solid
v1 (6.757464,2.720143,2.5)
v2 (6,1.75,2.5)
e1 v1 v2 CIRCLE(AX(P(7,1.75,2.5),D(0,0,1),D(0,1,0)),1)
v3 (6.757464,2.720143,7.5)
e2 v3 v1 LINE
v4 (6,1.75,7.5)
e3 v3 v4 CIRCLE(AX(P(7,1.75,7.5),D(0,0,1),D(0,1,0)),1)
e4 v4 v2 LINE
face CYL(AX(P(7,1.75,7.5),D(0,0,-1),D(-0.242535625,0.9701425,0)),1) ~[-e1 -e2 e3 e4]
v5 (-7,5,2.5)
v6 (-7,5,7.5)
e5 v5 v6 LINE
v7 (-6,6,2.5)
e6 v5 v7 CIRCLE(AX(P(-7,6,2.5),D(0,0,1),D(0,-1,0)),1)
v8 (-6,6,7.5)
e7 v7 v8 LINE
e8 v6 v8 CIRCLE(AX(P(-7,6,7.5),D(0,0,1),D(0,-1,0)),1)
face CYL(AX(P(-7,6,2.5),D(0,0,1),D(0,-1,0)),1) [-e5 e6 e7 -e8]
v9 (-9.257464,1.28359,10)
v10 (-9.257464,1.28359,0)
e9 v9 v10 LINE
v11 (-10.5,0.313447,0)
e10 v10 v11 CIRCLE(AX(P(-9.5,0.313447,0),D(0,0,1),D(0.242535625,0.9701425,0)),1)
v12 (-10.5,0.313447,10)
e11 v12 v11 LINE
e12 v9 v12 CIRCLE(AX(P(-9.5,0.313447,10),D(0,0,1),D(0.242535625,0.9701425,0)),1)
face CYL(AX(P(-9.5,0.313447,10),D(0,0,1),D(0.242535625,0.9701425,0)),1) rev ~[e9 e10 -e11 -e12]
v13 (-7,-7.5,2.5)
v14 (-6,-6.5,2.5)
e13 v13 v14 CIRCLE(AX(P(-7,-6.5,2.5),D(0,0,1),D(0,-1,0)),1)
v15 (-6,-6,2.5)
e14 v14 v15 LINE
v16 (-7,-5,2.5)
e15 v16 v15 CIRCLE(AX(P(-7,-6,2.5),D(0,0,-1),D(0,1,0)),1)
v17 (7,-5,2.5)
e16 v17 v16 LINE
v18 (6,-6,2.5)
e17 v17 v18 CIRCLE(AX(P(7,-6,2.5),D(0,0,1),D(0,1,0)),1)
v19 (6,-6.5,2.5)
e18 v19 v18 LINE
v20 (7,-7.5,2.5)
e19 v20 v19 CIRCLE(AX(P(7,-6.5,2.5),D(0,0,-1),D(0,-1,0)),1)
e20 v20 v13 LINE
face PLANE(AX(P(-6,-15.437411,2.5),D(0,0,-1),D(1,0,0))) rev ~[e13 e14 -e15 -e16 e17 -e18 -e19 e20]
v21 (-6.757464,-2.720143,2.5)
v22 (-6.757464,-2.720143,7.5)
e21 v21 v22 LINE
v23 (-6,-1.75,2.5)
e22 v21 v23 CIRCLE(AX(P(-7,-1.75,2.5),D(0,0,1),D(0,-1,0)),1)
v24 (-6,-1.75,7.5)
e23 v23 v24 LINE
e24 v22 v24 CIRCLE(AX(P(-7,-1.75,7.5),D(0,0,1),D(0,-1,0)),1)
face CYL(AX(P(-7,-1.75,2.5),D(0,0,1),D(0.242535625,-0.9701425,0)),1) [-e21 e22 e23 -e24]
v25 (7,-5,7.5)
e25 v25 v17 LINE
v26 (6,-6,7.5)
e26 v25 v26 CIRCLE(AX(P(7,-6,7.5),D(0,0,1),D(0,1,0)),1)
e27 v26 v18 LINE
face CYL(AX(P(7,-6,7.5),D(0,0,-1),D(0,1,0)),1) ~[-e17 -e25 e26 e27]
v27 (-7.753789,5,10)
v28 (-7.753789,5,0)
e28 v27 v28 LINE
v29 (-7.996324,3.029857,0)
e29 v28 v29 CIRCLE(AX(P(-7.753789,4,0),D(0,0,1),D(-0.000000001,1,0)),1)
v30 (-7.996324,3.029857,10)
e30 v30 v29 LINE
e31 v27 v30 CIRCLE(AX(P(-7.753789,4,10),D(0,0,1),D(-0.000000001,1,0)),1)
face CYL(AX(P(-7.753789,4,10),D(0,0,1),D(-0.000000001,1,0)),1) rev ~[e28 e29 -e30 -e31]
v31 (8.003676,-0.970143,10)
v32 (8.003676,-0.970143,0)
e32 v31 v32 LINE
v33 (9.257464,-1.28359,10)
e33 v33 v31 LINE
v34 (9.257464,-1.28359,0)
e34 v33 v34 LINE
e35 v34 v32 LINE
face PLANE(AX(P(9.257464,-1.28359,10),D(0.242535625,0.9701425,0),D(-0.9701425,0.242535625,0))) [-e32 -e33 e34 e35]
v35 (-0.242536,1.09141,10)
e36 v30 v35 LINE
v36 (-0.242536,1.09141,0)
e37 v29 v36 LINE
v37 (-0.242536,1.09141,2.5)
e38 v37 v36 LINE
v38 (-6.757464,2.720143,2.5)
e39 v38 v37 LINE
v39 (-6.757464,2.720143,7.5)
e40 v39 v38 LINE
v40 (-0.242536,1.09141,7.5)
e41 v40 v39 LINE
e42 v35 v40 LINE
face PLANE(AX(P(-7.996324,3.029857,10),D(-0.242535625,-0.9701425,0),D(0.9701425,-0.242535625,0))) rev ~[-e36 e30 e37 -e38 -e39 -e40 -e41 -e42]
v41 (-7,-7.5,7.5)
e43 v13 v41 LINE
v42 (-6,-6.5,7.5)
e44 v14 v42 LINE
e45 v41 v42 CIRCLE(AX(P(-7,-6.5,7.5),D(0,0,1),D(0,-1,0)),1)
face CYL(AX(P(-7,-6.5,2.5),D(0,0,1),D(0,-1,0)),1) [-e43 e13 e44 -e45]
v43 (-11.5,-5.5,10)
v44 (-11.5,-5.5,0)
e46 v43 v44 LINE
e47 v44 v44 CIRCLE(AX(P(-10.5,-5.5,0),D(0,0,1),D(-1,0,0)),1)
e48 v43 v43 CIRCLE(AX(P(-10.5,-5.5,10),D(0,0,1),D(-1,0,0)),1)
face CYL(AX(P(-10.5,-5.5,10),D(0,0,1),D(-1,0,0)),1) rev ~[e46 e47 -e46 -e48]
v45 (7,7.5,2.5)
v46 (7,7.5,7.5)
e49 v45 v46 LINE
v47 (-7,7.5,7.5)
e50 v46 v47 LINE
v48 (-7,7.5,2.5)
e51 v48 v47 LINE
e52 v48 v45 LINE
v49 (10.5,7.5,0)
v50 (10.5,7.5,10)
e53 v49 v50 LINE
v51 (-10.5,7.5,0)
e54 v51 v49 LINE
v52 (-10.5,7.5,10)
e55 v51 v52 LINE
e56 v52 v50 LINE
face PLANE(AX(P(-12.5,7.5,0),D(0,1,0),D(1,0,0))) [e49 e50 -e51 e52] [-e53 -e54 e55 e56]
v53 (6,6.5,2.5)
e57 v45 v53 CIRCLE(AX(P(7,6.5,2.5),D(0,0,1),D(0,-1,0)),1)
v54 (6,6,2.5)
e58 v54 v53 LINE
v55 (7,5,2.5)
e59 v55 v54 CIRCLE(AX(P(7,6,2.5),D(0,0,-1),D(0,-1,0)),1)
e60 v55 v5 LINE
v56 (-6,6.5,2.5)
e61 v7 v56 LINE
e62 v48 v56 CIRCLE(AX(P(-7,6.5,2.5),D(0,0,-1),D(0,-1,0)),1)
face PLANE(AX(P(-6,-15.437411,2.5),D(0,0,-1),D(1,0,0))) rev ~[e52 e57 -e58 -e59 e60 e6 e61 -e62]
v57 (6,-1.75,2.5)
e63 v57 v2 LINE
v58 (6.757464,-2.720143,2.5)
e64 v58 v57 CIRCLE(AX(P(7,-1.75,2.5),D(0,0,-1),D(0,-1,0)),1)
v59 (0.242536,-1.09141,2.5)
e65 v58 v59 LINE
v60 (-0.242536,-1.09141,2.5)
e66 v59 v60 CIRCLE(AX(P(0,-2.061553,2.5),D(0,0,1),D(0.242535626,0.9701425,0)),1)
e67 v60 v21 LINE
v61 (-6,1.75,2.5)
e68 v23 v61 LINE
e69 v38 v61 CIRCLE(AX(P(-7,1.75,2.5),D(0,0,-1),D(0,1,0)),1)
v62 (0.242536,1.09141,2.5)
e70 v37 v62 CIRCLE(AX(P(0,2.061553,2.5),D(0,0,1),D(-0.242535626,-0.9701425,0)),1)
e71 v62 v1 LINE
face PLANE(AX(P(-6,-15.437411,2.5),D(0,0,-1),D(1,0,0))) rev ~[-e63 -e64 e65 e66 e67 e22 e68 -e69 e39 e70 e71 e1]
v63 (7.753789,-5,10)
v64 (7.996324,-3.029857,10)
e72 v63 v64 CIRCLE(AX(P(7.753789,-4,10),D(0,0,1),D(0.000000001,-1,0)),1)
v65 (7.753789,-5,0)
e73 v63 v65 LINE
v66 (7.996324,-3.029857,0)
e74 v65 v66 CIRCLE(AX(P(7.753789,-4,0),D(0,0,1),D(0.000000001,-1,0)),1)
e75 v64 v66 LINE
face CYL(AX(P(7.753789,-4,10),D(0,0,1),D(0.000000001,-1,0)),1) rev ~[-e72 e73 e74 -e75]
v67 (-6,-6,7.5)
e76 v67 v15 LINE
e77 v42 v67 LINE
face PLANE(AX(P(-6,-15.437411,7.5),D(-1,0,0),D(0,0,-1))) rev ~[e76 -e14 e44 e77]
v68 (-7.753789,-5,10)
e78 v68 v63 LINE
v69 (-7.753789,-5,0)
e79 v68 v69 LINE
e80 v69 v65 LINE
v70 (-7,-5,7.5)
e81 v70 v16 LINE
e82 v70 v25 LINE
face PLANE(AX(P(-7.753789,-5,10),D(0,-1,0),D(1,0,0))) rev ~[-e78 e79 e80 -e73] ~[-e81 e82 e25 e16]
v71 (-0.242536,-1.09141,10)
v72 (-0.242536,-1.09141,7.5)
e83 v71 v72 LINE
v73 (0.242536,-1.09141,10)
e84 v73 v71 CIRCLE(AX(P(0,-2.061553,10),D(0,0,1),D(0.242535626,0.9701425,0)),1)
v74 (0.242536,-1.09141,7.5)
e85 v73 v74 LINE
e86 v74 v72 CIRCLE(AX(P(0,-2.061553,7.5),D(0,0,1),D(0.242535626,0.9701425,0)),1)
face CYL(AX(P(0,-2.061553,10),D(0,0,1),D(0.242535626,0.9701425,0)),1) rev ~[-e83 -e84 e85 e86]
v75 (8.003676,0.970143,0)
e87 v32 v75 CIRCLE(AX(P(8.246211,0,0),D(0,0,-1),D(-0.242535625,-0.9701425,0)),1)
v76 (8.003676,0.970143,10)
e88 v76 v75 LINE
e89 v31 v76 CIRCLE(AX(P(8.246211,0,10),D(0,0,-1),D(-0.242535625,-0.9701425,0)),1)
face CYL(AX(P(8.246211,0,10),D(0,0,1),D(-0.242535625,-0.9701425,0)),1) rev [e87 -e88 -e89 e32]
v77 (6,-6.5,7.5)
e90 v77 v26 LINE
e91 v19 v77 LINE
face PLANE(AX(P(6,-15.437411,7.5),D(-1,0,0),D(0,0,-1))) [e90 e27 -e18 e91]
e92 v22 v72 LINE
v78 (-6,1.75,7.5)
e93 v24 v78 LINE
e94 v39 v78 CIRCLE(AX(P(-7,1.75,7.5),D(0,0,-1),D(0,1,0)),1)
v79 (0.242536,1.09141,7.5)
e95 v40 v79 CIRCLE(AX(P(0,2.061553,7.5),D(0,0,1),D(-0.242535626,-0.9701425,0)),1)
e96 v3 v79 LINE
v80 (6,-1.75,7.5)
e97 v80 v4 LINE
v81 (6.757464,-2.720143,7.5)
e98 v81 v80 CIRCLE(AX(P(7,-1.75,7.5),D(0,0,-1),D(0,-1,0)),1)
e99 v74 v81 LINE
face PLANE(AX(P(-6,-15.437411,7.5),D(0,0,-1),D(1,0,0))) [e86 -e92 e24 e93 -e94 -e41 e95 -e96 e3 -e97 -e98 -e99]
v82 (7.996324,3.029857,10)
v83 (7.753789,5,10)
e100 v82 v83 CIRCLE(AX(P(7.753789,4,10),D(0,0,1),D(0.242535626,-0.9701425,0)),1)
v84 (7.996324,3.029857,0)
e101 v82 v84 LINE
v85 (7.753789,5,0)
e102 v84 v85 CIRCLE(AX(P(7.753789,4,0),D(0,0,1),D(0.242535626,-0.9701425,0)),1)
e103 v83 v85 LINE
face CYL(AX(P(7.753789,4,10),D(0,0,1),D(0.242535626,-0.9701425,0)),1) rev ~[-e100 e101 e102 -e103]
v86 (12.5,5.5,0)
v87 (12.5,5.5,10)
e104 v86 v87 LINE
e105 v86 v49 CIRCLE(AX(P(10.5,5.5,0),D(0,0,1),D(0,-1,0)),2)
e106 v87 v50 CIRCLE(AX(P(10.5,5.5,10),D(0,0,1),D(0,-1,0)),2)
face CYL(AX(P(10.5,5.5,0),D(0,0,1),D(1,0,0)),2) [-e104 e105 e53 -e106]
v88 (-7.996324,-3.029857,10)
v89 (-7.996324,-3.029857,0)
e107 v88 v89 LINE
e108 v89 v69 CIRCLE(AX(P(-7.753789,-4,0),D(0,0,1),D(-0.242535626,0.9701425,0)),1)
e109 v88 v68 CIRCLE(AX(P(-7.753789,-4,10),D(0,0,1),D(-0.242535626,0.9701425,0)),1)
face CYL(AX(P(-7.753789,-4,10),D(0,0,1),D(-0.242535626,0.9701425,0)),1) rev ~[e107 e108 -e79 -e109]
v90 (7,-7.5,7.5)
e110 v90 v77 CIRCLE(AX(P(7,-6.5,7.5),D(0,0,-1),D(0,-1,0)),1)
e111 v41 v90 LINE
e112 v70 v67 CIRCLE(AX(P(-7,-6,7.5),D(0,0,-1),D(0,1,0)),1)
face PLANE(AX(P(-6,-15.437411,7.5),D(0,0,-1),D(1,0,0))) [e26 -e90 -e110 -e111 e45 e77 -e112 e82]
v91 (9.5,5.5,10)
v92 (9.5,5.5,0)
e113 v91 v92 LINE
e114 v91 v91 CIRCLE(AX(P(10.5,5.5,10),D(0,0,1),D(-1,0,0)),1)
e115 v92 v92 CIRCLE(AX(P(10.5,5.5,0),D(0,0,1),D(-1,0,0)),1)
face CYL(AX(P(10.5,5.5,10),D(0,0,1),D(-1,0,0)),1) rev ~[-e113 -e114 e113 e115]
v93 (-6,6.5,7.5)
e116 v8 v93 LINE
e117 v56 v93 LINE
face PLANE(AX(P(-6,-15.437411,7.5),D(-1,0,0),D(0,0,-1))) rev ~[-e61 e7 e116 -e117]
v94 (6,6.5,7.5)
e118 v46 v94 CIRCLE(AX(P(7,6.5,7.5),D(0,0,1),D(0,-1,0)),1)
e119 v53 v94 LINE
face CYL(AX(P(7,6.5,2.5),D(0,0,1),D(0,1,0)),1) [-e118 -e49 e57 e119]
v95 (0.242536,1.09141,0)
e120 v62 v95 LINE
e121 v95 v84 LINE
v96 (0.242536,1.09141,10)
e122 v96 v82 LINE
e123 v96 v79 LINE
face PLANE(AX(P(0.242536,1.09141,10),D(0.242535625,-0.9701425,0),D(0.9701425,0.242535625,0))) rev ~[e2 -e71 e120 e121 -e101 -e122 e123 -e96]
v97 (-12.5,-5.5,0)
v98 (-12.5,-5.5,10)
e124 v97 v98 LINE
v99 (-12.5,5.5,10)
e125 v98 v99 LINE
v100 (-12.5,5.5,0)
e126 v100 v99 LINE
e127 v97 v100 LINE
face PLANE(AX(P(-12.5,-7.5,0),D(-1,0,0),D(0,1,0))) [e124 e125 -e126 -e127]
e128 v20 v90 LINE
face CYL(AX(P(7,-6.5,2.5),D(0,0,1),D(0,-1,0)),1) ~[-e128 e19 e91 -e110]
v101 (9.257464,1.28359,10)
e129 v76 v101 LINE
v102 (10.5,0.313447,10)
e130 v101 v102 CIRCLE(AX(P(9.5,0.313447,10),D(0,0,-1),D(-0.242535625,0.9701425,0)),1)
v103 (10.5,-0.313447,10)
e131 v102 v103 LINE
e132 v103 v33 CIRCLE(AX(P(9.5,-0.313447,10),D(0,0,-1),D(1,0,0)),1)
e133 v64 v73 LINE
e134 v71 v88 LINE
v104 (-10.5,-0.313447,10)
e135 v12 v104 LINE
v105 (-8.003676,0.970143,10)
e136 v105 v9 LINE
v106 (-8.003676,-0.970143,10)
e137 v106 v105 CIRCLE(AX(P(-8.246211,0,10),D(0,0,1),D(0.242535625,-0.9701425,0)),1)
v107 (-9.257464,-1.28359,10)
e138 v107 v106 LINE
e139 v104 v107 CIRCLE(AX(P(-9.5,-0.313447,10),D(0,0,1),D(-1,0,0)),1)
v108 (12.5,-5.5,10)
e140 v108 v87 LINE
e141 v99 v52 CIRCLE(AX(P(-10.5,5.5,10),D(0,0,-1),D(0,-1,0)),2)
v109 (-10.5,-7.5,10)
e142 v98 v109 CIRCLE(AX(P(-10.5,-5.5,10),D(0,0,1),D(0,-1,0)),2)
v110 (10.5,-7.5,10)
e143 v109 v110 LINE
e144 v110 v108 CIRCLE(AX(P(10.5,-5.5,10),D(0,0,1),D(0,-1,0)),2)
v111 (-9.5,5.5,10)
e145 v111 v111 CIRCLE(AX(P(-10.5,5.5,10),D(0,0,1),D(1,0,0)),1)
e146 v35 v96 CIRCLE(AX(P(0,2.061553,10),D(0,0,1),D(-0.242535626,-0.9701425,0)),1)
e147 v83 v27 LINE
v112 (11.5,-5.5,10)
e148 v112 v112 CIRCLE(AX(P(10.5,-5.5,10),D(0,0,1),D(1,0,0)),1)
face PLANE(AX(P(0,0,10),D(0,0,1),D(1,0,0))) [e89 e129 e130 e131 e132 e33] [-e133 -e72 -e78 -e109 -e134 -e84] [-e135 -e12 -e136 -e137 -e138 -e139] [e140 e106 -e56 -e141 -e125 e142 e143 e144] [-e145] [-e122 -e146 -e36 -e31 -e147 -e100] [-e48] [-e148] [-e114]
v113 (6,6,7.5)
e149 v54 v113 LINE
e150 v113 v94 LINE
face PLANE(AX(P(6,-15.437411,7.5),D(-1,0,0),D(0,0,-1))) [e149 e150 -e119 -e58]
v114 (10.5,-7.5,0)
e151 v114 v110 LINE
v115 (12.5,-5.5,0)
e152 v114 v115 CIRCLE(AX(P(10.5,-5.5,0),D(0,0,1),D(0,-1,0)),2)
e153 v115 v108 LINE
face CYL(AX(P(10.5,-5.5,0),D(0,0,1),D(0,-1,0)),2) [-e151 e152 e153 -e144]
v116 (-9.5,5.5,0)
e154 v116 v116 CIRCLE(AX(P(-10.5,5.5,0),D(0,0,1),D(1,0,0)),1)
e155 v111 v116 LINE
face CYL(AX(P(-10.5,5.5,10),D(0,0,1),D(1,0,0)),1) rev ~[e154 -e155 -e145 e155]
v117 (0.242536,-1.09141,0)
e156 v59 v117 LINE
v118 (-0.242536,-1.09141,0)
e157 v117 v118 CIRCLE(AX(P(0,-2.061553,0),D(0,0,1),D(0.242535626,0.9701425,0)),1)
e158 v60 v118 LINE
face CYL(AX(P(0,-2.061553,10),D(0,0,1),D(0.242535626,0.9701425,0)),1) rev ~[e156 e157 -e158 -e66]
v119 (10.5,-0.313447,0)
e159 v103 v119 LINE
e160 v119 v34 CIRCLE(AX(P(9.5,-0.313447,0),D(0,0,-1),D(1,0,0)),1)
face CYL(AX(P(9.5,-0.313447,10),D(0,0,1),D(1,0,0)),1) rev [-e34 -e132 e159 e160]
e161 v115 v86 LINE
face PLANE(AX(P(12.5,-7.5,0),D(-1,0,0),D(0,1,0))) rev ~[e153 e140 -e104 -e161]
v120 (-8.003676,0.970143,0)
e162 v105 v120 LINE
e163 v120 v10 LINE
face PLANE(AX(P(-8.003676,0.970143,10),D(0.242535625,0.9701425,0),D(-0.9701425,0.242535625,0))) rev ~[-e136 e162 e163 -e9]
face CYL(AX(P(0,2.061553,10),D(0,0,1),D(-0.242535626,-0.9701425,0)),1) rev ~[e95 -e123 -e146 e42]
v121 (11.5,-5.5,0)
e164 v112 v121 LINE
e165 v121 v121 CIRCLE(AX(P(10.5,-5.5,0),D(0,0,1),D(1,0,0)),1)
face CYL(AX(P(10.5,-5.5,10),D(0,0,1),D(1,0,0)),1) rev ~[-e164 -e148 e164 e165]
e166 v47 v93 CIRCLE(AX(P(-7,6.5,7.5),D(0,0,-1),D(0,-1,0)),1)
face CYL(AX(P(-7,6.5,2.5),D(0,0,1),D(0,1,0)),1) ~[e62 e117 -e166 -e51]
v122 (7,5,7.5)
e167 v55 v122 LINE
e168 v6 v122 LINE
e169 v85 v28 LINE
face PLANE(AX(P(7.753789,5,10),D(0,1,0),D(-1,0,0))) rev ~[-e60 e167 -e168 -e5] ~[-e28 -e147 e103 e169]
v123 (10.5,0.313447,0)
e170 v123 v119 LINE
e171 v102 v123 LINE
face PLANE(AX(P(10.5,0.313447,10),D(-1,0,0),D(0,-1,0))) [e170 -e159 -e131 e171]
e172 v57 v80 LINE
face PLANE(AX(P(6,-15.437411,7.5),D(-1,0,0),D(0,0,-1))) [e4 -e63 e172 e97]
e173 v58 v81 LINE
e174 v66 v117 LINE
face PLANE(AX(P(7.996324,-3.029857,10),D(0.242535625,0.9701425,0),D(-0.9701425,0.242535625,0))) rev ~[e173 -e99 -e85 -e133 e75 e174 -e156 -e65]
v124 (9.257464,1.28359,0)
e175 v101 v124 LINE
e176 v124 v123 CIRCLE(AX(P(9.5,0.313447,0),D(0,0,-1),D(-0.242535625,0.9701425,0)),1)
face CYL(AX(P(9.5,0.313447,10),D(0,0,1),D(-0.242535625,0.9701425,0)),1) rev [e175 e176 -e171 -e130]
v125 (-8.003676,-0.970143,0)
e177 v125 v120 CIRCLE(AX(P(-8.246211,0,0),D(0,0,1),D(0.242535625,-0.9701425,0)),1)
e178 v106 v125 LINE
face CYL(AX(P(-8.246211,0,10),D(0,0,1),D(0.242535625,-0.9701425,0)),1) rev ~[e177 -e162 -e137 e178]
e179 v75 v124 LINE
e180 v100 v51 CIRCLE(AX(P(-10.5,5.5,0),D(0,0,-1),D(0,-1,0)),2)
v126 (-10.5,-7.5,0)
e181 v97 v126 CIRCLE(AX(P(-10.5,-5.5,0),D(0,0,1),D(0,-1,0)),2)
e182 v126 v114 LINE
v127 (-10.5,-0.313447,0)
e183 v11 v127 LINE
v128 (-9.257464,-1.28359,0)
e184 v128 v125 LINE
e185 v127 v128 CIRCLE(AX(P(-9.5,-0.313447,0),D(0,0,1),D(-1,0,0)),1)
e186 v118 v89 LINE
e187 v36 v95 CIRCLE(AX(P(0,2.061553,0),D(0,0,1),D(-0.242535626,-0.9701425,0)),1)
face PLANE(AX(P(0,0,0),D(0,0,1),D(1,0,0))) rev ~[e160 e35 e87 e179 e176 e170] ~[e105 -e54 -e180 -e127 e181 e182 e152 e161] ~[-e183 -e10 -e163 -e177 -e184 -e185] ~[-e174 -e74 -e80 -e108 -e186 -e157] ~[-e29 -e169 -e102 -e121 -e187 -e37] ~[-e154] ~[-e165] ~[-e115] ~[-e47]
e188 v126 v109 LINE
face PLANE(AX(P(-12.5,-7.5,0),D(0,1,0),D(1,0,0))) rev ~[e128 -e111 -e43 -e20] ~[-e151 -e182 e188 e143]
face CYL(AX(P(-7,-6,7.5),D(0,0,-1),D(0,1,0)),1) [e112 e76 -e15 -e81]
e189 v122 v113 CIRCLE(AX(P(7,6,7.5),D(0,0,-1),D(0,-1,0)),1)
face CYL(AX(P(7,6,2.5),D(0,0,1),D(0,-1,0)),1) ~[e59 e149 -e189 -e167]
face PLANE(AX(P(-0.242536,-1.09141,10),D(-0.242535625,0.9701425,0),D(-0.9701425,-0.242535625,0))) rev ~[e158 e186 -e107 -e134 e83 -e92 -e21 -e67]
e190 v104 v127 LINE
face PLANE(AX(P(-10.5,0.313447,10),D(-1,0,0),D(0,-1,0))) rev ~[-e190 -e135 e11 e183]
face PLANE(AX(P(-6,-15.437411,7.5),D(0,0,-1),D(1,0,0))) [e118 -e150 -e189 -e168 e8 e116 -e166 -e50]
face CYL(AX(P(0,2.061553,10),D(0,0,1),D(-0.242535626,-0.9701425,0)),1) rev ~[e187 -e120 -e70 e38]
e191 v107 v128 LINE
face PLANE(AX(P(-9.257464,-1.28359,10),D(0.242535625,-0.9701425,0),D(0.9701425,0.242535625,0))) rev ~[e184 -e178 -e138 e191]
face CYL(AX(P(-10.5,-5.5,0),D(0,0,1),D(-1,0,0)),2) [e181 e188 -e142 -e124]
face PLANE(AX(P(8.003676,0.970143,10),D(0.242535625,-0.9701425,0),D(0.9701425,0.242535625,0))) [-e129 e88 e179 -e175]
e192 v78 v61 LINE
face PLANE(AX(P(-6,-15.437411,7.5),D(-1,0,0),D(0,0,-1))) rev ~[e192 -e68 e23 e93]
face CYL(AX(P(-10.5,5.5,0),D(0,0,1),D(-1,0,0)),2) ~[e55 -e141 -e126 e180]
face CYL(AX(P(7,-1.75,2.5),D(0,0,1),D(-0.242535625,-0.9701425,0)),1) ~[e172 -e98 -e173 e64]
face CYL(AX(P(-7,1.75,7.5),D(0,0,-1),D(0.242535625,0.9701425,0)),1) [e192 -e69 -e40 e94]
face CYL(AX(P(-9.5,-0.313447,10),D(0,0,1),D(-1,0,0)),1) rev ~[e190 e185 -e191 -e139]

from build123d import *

# Parameters (mm, degrees)
SKETCH_1_W               = 25
SKETCH_1_H               = 15
EXTRUDE_1_DEPTH          = 10
FILLET_4_R               = 2
CUT_EXTRUDE_3_DEPTH      = 10
SKETCH_3_R               = 1
CUT_EXTRUDE_4_DEPTH      = 10
CUT_EXTRUDE_5_DEPTH      = 22.937410968
CUT_EXTRUDE_5_DEPTH_BACK = 22.937410968
SKETCH_4_W               = 12
SKETCH_4_H               = 5
FILLET_5_R               = 1


with BuildPart() as part:
    # 草图1 → 凸台-拉伸1 (new body)
    with BuildSketch(Plane.XY):
        Rectangle(SKETCH_1_W, SKETCH_1_H)
    extrude(amount=EXTRUDE_1_DEPTH)

    # 圆角4
    fillet_4_edges = [part.edges().sort_by_distance(p)[0] for p in [
        (12.5, -7.5, 5),
        (-12.5, -7.5, 5),
        (-12.5, 7.5, 5),
        (12.5, 7.5, 5),
    ]]
    fillet(fillet_4_edges, radius=FILLET_4_R)

    # 草图2 → 切除-拉伸3 (cut)
    with BuildSketch(Plane.XY.offset(10)):
        with BuildLine():
            Line((-0.242535625, -1.091410313), (-7.996324374, -3.0298575))
            ThreePointArc((-7.996324374, -3.0298575), (-8.746296305, -4.122183264), (-7.753788749, -5))
            Line((-7.753788749, -5), (7.753788749, -5))
            ThreePointArc((7.753788749, -5), (8.746296305, -4.122183264), (7.996324374, -3.0298575))
            Line((7.996324374, -3.0298575), (0.242535625, -1.091410313))
            ThreePointArc((0.242535625, -1.091410313), (0, -1.061552813), (-0.242535625, -1.091410313))
        make_face()
        with BuildLine():
            Line((7.753788749, 5), (-7.753788749, 5))
            ThreePointArc((-7.753788749, 5), (-8.746296305, 4.122183264), (-7.996324374, 3.0298575))
            Line((-7.996324374, 3.0298575), (-0.242535625, 1.091410313))
            ThreePointArc((-0.242535625, 1.091410313), (0, 1.061552813), (0.242535625, 1.091410313))
            Line((0.242535625, 1.091410313), (7.996324374, 3.0298575))
            ThreePointArc((7.996324374, 3.0298575), (8.746296305, 4.122183264), (7.753788749, 5))
        make_face()
        with BuildLine():
            Line((-9.257464375, -1.283589687), (-8.003675626, -0.9701425))
            ThreePointArc((-8.003675626, -0.9701425), (-7.246211251, 0), (-8.003675626, 0.9701425))
            Line((-8.003675626, 0.9701425), (-9.257464375, 1.283589687))
            ThreePointArc((-9.257464375, 1.283589687), (-10.115412209, 1.101652625), (-10.5, 0.313447187))
            Line((-10.5, 0.313447187), (-10.5, -0.313447187))
            ThreePointArc((-10.5, -0.313447187), (-10.115412209, -1.101652625), (-9.257464375, -1.283589687))
        make_face()
        with BuildLine():
            Line((10.5, 0.313447187), (10.5, -0.313447187))
            ThreePointArc((10.5, -0.313447187), (10.115412209, -1.101652625), (9.257464375, -1.283589687))
            Line((9.257464375, -1.283589687), (8.003675626, -0.9701425))
            ThreePointArc((8.003675626, -0.9701425), (7.246211251, 0), (8.003675626, 0.9701425))
            Line((8.003675626, 0.9701425), (9.257464375, 1.283589687))
            ThreePointArc((9.257464375, 1.283589687), (10.115412209, 1.101652625), (10.5, 0.313447187))
        make_face()
    extrude(amount=-CUT_EXTRUDE_3_DEPTH, mode=Mode.SUBTRACT)

    # 草图3 → 切除-拉伸4 (cut)
    with BuildSketch(Plane.XY.offset(10)):
        with Locations((-10.5, 5.5)):
            Circle(SKETCH_3_R)
        with Locations(Location((10.5, 5.5, 0), (0, 0, 180))):
            Circle(SKETCH_3_R)
        with Locations((10.5, -5.5)):
            Circle(SKETCH_3_R)
        with Locations(Location((-10.5, -5.5, 0), (0, 0, 180))):
            Circle(SKETCH_3_R)
    extrude(amount=-CUT_EXTRUDE_4_DEPTH, mode=Mode.SUBTRACT)

    # 草图4 → 切除-拉伸5 (cut, two sides: drawn at the far end of the back side and taken through both)
    with BuildSketch(Plane(origin=(0, 7.5, 0), x_dir=(1, 0, 0), z_dir=(0, 1, 0)).offset(-CUT_EXTRUDE_5_DEPTH_BACK)):
        with Locations((0, -5)):
            Rectangle(SKETCH_4_W, SKETCH_4_H)
    extrude(amount=CUT_EXTRUDE_5_DEPTH + CUT_EXTRUDE_5_DEPTH_BACK, mode=Mode.SUBTRACT)

    # 圆角5
    fillet_5_edges = [part.edges().sort_by_distance(p)[0] for p in [
        (6, 2.530776406, 5),
        (-6, 5, 5),
        (-6, 7.5, 5),
        (-6, -5, 5),
        (-6, -7.5, 5),
        (-6, -2.530776406, 5),
        (-6, 2.530776406, 5),
        (6, 7.5, 5),
        (6, 5, 5),
        (6, -2.530776406, 5),
        (6, -5, 5),
        (6, -7.5, 5),
    ]]
    fillet(fillet_5_edges, radius=FILLET_5_R)


solid = part.part
